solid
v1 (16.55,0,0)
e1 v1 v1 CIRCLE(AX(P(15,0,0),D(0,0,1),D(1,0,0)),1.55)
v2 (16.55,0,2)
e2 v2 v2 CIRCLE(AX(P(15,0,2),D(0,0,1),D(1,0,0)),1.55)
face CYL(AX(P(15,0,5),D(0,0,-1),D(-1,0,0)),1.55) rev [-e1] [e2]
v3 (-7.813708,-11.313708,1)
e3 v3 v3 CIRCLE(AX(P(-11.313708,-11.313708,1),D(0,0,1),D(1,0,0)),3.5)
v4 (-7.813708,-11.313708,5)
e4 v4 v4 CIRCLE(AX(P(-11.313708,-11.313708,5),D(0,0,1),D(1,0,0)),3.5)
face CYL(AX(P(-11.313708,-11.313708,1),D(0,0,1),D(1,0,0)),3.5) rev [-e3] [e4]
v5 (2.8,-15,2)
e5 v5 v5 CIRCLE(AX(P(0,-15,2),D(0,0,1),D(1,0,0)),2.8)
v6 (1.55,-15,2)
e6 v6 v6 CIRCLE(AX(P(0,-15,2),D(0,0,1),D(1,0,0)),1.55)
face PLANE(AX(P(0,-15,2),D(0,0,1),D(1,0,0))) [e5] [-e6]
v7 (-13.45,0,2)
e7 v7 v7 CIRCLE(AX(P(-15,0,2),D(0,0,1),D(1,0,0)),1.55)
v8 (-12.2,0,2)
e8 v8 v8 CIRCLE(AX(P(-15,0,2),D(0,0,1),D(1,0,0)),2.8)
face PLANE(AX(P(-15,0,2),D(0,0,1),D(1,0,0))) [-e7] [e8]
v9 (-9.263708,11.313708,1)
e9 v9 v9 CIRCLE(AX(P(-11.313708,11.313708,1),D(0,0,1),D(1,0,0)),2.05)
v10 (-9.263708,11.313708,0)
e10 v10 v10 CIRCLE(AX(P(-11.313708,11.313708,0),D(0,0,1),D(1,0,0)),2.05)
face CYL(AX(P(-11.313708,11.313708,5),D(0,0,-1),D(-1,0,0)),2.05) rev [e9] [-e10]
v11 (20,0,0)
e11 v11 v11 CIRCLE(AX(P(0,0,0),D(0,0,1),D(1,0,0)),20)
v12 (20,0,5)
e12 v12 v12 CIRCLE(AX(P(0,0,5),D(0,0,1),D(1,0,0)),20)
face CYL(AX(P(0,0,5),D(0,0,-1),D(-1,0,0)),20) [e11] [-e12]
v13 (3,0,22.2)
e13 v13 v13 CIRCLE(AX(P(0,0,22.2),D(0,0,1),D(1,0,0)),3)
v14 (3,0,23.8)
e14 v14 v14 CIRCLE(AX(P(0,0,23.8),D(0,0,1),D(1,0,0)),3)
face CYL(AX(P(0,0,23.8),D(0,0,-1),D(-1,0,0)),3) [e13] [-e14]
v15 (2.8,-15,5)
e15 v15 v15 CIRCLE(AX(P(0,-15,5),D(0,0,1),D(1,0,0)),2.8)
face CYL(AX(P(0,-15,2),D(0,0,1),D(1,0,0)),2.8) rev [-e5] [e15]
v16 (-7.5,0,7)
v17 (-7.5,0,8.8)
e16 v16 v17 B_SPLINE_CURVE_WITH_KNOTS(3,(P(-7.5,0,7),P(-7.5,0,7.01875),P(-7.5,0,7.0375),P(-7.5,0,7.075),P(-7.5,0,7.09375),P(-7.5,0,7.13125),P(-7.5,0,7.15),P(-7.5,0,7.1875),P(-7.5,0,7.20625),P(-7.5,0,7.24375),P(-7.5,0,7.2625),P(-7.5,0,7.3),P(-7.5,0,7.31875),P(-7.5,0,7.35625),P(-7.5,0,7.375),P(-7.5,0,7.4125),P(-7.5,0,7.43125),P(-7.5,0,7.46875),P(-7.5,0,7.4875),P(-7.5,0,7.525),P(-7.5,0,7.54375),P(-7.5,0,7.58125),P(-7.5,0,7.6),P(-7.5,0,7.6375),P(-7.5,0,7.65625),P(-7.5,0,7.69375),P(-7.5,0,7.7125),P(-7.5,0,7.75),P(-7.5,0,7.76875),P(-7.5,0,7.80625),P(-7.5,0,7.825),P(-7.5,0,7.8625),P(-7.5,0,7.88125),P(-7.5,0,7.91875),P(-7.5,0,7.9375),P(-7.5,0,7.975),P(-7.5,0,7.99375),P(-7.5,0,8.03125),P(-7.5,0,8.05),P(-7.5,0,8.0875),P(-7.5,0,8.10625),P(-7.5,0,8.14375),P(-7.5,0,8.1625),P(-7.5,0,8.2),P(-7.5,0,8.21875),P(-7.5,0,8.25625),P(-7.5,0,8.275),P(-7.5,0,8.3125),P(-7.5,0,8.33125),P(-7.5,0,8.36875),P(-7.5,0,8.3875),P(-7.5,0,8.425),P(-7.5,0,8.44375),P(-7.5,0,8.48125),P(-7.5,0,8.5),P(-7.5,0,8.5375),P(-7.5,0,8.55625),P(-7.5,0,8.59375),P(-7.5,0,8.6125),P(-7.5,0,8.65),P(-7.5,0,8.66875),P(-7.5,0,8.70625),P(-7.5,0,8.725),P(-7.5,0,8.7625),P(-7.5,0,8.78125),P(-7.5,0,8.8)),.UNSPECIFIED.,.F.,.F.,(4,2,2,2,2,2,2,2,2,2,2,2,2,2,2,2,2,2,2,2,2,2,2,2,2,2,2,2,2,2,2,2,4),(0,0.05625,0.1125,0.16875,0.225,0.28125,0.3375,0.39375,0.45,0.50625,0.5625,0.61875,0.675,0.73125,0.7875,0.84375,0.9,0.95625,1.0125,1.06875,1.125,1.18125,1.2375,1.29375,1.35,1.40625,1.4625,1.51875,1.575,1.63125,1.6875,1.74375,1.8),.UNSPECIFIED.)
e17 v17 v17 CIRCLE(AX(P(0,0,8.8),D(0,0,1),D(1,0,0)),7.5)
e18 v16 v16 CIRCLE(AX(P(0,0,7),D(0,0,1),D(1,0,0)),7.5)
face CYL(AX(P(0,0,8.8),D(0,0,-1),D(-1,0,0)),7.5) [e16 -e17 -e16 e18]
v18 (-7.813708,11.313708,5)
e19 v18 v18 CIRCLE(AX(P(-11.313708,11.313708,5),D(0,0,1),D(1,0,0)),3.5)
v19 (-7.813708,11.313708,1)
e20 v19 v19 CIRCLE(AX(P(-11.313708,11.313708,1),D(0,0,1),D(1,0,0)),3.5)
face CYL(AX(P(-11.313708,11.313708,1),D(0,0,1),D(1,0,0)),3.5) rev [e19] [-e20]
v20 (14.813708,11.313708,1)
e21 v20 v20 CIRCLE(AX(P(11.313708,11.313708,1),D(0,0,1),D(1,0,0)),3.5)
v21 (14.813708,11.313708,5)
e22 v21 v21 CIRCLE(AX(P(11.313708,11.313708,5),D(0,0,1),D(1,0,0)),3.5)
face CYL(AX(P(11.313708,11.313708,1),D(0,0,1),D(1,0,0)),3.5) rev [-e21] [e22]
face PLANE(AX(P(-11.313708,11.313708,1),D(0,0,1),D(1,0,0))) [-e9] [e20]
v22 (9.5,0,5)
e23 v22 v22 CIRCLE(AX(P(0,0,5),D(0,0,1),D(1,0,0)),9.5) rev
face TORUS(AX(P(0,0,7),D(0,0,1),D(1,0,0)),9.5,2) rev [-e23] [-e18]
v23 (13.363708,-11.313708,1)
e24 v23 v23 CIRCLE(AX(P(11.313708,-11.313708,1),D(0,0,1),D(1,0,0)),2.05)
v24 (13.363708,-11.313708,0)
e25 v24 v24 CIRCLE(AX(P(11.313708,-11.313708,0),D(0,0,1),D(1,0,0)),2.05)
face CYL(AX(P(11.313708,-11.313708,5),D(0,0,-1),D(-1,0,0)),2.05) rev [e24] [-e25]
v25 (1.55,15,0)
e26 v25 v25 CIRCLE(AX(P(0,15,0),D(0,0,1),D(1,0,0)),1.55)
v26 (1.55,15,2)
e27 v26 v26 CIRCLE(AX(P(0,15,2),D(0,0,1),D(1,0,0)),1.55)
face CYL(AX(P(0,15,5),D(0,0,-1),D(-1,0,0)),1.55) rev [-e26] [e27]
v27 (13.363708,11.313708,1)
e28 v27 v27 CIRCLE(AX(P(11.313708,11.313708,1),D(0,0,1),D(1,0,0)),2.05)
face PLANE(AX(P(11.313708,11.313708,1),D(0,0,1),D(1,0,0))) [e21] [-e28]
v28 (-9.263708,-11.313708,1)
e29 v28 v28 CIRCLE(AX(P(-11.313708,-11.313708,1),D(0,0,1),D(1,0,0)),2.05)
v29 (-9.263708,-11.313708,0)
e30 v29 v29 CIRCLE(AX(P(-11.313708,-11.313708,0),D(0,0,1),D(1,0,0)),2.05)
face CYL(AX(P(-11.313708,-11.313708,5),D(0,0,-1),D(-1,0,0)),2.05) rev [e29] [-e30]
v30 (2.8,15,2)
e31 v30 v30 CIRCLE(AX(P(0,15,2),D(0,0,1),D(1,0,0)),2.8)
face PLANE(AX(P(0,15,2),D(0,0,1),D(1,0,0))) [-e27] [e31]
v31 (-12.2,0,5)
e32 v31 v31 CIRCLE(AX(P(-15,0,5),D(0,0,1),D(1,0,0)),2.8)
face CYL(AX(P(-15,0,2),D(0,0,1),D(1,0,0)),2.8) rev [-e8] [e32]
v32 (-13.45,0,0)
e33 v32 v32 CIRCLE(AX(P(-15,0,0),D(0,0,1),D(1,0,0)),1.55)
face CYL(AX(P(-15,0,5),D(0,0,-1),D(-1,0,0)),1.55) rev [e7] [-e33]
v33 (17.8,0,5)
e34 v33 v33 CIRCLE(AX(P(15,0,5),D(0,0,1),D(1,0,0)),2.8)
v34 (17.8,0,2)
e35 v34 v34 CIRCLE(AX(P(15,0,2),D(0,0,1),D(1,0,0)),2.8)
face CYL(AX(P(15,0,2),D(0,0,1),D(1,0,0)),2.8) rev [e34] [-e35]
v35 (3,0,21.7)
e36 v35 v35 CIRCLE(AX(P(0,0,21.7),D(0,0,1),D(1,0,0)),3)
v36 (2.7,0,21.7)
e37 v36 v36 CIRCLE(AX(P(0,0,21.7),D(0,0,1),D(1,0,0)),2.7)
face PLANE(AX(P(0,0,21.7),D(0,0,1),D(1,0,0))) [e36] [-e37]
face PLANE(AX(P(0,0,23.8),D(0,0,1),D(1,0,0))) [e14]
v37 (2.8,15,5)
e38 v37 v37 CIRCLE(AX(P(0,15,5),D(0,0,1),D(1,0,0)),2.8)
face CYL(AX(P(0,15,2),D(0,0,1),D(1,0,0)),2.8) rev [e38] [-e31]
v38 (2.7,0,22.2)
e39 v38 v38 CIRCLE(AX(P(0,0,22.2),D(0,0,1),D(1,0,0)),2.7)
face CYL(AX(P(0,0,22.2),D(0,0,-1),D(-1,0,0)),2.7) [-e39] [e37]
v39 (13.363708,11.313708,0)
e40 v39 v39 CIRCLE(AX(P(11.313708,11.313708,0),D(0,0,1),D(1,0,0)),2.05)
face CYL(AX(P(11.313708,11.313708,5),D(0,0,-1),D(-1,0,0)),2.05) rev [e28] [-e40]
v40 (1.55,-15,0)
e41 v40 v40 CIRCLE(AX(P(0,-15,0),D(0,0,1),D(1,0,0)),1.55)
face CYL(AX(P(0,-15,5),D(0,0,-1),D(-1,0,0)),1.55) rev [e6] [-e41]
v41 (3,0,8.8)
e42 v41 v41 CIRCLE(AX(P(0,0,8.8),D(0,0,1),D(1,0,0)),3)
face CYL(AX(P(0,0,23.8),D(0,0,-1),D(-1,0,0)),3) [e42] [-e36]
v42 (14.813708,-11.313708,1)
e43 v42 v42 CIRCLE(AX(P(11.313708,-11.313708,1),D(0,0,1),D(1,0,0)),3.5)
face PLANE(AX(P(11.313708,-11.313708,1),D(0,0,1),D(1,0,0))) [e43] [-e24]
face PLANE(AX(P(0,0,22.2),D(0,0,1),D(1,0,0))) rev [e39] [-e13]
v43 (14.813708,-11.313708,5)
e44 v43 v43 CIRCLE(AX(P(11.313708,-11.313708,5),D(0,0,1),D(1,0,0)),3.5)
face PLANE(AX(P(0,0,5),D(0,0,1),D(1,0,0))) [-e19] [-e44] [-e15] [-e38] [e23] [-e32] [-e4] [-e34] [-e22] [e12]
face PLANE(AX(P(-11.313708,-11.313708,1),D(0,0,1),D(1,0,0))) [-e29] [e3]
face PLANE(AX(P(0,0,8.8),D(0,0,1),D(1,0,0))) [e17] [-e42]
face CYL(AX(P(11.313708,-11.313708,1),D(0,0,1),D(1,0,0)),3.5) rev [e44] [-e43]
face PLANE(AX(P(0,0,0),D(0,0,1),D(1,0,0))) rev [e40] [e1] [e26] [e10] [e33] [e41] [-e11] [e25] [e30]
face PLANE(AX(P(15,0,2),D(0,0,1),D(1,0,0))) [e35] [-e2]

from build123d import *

# Parameters (mm, degrees)
SKETCH_1_R          = 20
SKETCH_1_R_2        = 1.55
SKETCH_1_R_3        = 2.05
EXTRUDE_1_DEPTH     = 5
SKETCH_2_R          = 2.8
CUT_EXTRUDE_1_DEPTH = 3
SKETCH_3_R          = 3.5
CUT_EXTRUDE_2_DEPTH = 4
SKETCH_5_R          = 7.5
EXTRUDE_3_DEPTH     = 3.8
SKETCH_6_R          = 3
EXTRUDE_4_DEPTH     = 15
FILLET_1_R          = 2
SKETCH_7_R          = 3
SKETCH_7_R_2        = 2.7
CUT_EXTRUDE_3_DEPTH = 0.5


with BuildPart() as part:
    # 草图1 → 凸台-拉伸1 (new body)
    with BuildSketch(Plane.XY):
        Circle(SKETCH_1_R)
        with Locations((0, 15)):
            Circle(SKETCH_1_R_2, mode=Mode.SUBTRACT)
        with Locations((-11.313708499, 11.313708499)):
            Circle(SKETCH_1_R_3, mode=Mode.SUBTRACT)
        with Locations((11.313708499, 11.313708499)):
            Circle(SKETCH_1_R_3, mode=Mode.SUBTRACT)
        with Locations((15, 0)):
            Circle(SKETCH_1_R_2, mode=Mode.SUBTRACT)
        with Locations((11.313708499, -11.313708499)):
            Circle(SKETCH_1_R_3, mode=Mode.SUBTRACT)
        with Locations((0, -15)):
            Circle(SKETCH_1_R_2, mode=Mode.SUBTRACT)
        with Locations((-11.313708499, -11.313708499)):
            Circle(SKETCH_1_R_3, mode=Mode.SUBTRACT)
        with Locations((-15, 0)):
            Circle(SKETCH_1_R_2, mode=Mode.SUBTRACT)
    extrude(amount=EXTRUDE_1_DEPTH)

    # 草图2 → 切除-拉伸1 (cut)
    with BuildSketch(Plane.XY.offset(5)):
        with Locations((0, 15)):
            Circle(SKETCH_2_R)
        with Locations((15, 0)):
            Circle(SKETCH_2_R)
        with Locations((0, -15)):
            Circle(SKETCH_2_R)
        with Locations((-15, 0)):
            Circle(SKETCH_2_R)
    extrude(amount=-CUT_EXTRUDE_1_DEPTH, mode=Mode.SUBTRACT)

    # 草图3 → 切除-拉伸2 (cut)
    with BuildSketch(Plane.XY.offset(5)):
        with Locations((-11.313708499, 11.313708499)):
            Circle(SKETCH_3_R)
        with Locations((11.313708499, 11.313708499)):
            Circle(SKETCH_3_R)
        with Locations((11.313708499, -11.313708499)):
            Circle(SKETCH_3_R)
        with Locations((-11.313708499, -11.313708499)):
            Circle(SKETCH_3_R)
    extrude(amount=-CUT_EXTRUDE_2_DEPTH, mode=Mode.SUBTRACT)

    # 草图5 → 凸台-拉伸3 (add)
    with BuildSketch(Plane.XY.offset(5)):
        with Locations(Location((0, 0, 0), (0, 0, 180))):
            Circle(SKETCH_5_R)
    extrude(amount=EXTRUDE_3_DEPTH)

    # 草图6 → 凸台-拉伸4 (add)
    with BuildSketch(Plane.XY.offset(8.8)):
        Circle(SKETCH_6_R)
    extrude(amount=EXTRUDE_4_DEPTH)

    # 圆角1
    fillet_1_edges = [part.edges().sort_by_distance(p)[0] for p in [
        (7.5, 0, 5),
    ]]
    fillet(fillet_1_edges, radius=FILLET_1_R)

    # 草图7 → 切除-拉伸3 (cut)
    with BuildSketch(Plane.XY.offset(21.7)):
        Circle(SKETCH_7_R)
        Circle(SKETCH_7_R_2, mode=Mode.SUBTRACT)
    extrude(amount=CUT_EXTRUDE_3_DEPTH, mode=Mode.SUBTRACT)


solid = part.part
